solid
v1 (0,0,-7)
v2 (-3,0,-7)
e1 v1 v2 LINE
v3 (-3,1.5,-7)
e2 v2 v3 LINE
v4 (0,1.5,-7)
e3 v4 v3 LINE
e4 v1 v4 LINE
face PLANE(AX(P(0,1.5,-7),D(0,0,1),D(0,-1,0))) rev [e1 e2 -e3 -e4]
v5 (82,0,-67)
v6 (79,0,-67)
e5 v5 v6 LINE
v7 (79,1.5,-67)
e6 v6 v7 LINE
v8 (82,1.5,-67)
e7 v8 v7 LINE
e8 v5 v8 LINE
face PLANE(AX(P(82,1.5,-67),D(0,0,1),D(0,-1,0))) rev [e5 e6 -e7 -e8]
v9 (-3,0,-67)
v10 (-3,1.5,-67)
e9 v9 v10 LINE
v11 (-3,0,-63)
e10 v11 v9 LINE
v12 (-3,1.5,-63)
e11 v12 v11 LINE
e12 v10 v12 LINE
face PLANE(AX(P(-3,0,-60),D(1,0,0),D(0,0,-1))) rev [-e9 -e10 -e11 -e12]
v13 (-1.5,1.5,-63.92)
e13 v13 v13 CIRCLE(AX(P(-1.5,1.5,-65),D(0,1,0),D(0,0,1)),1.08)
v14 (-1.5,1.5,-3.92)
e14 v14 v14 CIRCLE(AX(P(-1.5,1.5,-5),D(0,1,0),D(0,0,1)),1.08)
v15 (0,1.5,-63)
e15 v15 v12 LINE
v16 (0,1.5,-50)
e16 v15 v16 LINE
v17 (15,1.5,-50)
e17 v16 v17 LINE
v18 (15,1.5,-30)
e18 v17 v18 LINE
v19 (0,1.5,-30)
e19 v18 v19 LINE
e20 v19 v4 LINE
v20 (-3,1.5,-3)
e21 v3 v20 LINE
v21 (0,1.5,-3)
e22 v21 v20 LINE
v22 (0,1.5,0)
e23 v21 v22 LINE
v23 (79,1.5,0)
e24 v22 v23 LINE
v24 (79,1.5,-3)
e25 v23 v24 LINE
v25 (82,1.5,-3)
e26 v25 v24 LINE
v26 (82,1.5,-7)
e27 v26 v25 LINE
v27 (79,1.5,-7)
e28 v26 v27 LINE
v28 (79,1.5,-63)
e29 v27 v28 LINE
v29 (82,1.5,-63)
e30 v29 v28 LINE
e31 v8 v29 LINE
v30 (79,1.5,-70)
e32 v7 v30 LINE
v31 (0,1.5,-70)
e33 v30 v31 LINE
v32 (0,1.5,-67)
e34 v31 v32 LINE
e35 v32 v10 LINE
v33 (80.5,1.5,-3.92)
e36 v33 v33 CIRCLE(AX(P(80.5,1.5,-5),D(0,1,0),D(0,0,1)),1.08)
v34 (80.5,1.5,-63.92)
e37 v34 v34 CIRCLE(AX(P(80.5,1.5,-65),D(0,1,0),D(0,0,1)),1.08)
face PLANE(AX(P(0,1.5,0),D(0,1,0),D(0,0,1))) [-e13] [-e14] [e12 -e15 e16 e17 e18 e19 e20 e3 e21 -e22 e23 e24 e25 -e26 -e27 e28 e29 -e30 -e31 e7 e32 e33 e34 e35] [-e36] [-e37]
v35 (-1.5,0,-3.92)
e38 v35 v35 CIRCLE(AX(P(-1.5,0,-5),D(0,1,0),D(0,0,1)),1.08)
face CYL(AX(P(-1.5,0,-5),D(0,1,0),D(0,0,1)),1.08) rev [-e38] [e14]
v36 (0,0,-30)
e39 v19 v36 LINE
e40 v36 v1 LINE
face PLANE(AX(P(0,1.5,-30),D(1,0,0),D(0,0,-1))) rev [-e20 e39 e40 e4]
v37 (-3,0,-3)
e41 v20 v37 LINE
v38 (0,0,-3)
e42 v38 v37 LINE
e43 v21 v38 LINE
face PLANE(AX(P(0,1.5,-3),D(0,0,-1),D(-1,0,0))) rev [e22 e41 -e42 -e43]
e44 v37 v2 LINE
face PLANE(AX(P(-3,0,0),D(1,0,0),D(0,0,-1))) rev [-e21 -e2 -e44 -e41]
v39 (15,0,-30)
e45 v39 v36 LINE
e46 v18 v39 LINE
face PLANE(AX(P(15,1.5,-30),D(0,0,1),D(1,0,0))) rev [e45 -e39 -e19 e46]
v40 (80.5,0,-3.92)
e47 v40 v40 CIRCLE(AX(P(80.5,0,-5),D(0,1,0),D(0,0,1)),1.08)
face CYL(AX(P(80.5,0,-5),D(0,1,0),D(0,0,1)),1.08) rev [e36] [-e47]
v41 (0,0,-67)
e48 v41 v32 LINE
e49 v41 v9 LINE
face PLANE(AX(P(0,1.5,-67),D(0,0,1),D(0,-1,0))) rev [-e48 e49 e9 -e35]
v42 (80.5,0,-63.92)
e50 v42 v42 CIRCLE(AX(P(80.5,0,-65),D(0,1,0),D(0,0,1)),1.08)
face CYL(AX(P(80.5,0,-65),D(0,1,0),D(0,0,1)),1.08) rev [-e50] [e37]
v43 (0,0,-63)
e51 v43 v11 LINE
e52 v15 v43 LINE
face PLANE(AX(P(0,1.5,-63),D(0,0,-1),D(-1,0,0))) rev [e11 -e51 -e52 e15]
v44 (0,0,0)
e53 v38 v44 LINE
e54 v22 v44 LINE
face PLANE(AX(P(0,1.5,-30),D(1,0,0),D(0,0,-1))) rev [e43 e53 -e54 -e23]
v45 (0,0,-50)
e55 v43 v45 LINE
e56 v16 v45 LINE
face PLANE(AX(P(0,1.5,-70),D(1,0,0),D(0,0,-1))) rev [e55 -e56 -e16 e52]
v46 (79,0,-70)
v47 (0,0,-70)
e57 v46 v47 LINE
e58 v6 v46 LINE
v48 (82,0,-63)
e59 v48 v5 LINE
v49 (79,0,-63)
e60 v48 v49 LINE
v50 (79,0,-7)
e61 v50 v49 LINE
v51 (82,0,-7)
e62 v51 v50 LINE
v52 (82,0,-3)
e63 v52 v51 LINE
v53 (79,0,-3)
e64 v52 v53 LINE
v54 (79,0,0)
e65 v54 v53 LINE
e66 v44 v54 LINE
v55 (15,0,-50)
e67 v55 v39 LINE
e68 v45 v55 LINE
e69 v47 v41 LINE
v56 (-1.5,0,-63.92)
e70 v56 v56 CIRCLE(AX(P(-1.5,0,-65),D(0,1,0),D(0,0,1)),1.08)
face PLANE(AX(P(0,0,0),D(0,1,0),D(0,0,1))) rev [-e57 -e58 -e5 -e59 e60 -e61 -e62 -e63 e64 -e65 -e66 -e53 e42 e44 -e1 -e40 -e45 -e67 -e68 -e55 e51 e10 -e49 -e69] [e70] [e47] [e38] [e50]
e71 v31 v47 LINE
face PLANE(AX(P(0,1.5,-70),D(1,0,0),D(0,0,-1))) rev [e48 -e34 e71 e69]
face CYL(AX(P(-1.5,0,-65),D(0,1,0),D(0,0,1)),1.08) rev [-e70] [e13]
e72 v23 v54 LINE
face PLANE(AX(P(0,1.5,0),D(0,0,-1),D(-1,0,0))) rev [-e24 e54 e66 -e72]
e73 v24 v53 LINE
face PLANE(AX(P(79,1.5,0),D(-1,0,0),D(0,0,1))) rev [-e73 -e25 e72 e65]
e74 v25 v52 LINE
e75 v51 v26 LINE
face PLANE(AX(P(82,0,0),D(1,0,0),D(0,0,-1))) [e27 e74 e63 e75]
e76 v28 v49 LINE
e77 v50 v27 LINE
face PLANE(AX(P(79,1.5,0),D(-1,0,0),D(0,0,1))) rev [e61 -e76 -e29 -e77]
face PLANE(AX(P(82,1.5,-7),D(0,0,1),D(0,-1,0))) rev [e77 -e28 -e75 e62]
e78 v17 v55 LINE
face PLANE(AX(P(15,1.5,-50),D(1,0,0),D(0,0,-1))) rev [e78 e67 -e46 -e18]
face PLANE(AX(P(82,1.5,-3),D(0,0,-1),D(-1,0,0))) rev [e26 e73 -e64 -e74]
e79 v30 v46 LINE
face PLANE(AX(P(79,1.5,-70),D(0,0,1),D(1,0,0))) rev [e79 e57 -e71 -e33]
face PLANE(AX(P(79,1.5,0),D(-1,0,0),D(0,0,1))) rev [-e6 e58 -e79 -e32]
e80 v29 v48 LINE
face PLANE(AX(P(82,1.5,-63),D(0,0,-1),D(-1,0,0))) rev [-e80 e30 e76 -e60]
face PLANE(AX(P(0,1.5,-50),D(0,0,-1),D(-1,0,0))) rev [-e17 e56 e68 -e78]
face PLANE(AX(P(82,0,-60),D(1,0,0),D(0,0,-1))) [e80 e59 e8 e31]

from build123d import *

# Parameters (mm, degrees)
BOSS_EXTRUDE1_DEPTH  = 1.5
SKETCH3_W            = 4
SKETCH3_H            = 1.5
BOSS_EXTRUDE2_DEPTH  = 3
SKETCH4_R            = 1.08
CUT_EXTRUDE1_DEPTH   = 2.5
LPATTERN1_COUNT      = 2
LPATTERN1_PITCH      = 60
LPATTERN1_COUNT_DIR2 = 2
LPATTERN1_PITCH_DIR2 = 82
LPATTERN2_COUNT      = 2
LPATTERN2_PITCH      = 60
LPATTERN2_COUNT_DIR2 = 2
LPATTERN2_PITCH_DIR2 = 82


with BuildPart() as part:
    # Sketch2 → Boss-Extrude1 (new body)
    with BuildSketch(Plane(origin=(0, 0, 0), x_dir=(1, 0, 0), z_dir=(0, 1, 0))):
        Polygon((0, 0), (79, 0), (79, 70), (0, 70), (0, 50), (15, 50), (15, 30), (0, 30), align=None)
    extrude(amount=BOSS_EXTRUDE1_DEPTH)

    # Sketch3 → Boss-Extrude2 (add)
    with BuildSketch(Plane(origin=(79, 0, 0), x_dir=(0, 0, -1), z_dir=(1, 0, 0))):
        with Locations((5, 0.75)):
            Rectangle(SKETCH3_W, SKETCH3_H)
    boss_extrude2 = extrude(amount=BOSS_EXTRUDE2_DEPTH)

    # Sketch4 → Cut-Extrude1 (cut, through all)
    with BuildSketch(Plane(origin=(0, 1.5, 0), x_dir=(1, 0, 0), z_dir=(0, 1, 0))):
        with Locations((80.5, 5)):
            Circle(SKETCH4_R)
    cut_extrude1 = extrude(amount=-CUT_EXTRUDE1_DEPTH, mode=Mode.SUBTRACT)

    # LPattern1: Boss-Extrude2 2 × 2
    with Locations(*[(-j * LPATTERN1_PITCH_DIR2, 0, -i * LPATTERN1_PITCH) for i in range(LPATTERN1_COUNT) for j in range(LPATTERN1_COUNT_DIR2) if (i, j) != (0, 0)]):
        add(boss_extrude2)

    # LPattern2: Cut-Extrude1 2 × 2
    with Locations(*[(-j * LPATTERN2_PITCH_DIR2, 0, -i * LPATTERN2_PITCH) for i in range(LPATTERN2_COUNT) for j in range(LPATTERN2_COUNT_DIR2) if (i, j) != (0, 0)]):
        add(cut_extrude1, mode=Mode.SUBTRACT)


solid = part.part
